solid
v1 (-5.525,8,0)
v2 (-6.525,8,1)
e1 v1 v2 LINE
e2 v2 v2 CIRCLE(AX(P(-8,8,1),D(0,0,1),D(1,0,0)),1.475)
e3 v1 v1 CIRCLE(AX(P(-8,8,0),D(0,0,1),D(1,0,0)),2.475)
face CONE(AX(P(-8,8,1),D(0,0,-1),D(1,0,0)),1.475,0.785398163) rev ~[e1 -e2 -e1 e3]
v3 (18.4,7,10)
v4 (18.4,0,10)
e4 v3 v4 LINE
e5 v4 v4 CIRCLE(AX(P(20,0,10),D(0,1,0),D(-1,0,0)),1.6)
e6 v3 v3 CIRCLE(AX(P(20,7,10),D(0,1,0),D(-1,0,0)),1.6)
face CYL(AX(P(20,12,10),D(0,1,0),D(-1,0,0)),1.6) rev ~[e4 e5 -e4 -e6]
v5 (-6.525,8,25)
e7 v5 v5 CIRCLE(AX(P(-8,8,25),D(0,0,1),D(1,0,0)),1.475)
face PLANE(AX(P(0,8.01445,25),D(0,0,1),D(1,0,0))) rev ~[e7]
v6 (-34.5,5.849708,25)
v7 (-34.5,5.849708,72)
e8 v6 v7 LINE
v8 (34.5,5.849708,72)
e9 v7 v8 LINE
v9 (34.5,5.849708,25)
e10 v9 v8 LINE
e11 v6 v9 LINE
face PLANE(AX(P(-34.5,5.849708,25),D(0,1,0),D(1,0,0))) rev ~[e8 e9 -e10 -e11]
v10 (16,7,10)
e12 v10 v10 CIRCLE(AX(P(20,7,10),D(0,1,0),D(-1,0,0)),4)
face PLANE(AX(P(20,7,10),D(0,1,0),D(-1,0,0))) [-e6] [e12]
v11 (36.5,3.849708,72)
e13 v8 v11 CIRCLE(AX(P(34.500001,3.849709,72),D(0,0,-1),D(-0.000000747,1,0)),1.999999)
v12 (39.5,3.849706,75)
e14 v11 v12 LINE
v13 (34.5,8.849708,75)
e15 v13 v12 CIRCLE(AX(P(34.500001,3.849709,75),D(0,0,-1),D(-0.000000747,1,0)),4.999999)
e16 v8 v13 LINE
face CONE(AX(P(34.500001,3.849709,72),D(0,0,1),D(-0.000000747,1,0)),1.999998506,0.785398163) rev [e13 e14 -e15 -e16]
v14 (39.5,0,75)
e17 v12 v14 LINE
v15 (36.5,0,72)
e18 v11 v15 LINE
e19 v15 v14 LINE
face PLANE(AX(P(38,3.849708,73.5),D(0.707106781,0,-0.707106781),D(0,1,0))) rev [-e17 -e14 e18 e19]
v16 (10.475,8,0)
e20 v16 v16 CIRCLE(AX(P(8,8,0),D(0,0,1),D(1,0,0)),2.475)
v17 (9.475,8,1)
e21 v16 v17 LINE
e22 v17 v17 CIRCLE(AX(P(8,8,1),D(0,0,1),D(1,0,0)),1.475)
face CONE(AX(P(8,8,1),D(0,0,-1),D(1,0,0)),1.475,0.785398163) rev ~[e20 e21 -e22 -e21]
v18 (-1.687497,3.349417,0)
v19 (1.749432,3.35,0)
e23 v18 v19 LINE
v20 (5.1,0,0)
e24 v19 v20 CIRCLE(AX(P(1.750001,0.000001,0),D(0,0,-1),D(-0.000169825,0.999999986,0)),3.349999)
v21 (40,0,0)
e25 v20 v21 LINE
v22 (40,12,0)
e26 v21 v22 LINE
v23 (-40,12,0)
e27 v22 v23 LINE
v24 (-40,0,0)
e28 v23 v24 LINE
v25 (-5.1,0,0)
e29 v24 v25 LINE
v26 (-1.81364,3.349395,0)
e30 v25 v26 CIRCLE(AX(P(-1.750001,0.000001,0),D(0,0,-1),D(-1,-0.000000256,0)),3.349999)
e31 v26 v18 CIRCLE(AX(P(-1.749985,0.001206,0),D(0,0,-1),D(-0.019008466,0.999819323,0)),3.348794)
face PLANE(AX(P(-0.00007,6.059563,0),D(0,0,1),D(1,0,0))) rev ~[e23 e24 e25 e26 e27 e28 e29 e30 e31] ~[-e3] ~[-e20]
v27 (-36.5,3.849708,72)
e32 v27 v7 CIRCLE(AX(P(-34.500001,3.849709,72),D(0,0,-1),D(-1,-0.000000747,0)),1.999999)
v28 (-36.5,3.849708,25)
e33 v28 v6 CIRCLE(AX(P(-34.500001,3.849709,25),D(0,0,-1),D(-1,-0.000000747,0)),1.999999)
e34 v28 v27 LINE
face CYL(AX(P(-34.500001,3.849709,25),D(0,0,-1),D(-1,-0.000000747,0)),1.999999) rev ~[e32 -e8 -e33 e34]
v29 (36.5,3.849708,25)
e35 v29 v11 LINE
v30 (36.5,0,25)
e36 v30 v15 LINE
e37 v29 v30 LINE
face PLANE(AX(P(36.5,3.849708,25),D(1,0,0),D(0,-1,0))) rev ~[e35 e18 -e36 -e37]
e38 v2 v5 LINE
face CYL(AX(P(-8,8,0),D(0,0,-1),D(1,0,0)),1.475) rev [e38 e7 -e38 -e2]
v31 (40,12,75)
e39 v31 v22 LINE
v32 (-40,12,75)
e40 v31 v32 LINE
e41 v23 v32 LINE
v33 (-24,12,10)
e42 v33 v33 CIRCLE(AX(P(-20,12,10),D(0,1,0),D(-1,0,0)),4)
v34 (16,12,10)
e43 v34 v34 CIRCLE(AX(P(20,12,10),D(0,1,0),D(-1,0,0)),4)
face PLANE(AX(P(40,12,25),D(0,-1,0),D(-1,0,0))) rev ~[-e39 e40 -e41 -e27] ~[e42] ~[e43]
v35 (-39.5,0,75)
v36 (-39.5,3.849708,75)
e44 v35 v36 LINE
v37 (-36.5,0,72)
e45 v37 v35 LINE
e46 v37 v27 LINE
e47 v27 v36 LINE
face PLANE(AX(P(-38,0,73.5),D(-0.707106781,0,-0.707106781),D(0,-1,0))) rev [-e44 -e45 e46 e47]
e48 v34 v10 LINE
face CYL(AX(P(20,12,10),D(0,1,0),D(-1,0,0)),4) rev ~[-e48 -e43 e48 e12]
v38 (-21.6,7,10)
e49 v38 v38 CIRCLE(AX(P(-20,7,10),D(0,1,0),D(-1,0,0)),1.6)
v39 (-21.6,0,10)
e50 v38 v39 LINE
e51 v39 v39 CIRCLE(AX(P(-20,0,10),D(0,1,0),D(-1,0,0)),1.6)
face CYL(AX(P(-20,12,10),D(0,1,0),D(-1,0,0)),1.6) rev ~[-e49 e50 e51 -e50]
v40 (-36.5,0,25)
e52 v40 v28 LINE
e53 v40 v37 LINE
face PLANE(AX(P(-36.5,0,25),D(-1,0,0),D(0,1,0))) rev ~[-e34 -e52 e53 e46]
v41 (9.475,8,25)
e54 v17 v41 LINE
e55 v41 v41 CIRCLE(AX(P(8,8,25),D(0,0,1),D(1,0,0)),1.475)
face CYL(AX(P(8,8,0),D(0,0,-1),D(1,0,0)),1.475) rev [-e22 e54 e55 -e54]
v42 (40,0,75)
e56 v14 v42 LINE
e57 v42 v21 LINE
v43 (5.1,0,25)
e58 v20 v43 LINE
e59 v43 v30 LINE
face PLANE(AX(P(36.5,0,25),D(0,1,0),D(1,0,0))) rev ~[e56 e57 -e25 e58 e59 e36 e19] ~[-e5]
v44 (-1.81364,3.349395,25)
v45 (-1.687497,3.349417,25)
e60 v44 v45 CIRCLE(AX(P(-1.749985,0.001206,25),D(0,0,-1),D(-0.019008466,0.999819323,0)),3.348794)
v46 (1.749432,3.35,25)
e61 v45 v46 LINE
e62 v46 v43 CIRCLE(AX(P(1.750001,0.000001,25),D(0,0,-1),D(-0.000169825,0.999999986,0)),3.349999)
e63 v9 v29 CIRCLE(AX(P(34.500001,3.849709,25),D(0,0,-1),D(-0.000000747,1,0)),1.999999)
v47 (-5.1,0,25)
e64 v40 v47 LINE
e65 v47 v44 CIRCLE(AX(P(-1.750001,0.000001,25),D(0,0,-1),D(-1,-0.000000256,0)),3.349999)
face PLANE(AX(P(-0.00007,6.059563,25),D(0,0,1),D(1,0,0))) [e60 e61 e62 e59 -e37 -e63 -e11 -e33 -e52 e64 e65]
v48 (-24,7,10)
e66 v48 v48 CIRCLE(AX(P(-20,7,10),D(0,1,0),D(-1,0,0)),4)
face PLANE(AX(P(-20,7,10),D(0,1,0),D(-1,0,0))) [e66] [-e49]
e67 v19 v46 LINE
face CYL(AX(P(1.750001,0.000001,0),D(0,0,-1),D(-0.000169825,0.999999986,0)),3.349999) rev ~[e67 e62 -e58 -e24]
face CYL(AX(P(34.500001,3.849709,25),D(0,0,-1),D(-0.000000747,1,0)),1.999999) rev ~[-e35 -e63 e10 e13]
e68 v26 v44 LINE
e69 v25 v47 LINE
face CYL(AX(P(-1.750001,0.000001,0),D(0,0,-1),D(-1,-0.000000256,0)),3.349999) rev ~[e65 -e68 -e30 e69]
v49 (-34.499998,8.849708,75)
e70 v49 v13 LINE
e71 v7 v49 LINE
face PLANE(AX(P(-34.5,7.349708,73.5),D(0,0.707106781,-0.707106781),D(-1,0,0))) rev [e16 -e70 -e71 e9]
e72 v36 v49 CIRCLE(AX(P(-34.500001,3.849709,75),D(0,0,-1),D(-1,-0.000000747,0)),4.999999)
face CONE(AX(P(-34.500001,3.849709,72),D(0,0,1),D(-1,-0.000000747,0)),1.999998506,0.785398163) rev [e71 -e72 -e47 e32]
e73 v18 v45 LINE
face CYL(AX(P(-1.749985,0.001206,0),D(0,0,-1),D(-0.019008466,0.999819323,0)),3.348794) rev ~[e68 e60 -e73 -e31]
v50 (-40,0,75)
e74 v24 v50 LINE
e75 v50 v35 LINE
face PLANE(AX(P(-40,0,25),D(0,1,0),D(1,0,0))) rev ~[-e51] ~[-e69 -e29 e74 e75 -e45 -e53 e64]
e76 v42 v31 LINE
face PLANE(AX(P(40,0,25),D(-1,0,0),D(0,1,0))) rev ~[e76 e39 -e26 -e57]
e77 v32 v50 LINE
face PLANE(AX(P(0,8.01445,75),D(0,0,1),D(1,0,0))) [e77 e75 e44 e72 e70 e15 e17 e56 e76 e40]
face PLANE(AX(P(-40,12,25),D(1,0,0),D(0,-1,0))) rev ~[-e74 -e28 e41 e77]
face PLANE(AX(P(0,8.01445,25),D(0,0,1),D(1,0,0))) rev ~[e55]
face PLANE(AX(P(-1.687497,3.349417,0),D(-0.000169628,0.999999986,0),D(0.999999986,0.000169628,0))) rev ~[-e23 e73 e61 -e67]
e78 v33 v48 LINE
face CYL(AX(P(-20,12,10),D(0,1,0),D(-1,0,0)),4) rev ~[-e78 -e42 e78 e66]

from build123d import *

# Parameters (mm, degrees)
F0_R     = 1.475
F1_DEPTH = 25
F2_R     = 1.6
F3_DEPTH = 30
F2_R_2   = 4
F4_DEPTH = 5
F5_R     = 1.475
F6_DEPTH = 50
F7_SIZE  = 3
F8_DEPTH = 20
F9_SIZE  = 1


with BuildPart() as f1:
    # F0 (on Top) → F1 (new body)
    with BuildSketch(Plane.XY):
        with BuildLine():
            ThreePointArc((-5.1, 0), (-4.141202, 2.3462), (-1.81364, 3.349395))
            ThreePointArc((-1.81364, 3.349395), (-1.750568, 3.35), (-1.687497, 3.349417))
            Line((-1.687497, 3.349417), (1.749432, 3.35))
            ThreePointArc((1.749432, 3.35), (4.118607, 2.369009), (5.1, 0))
            Line((5.1, 0), (40, 0))
            Line((40, 0), (40, 12))
            Line((40, 12), (-40, 12))
            Line((-40, 12), (-40, 0))
            Line((-40, 0), (-5.1, 0))
        make_face()
        with Locations((-8, 8)):
            Circle(F0_R, mode=Mode.SUBTRACT)
        with Locations((8, 8)):
            Circle(F0_R, mode=Mode.SUBTRACT)
    extrude(amount=F1_DEPTH)

    # F2 (on face) → F3 (cut)
    with BuildSketch(Plane(origin=(0, 12, 0), x_dir=(-1, 0, 0), z_dir=(0, 1, 0))):
        with Locations((-20, 10)):
            Circle(F2_R)
        with Locations((20, 10)):
            Circle(F2_R)
    extrude(amount=-F3_DEPTH, mode=Mode.SUBTRACT)

    # F2 (on face) → F4 (cut)
    with BuildSketch(Plane(origin=(0, 12, 0), x_dir=(-1, 0, 0), z_dir=(0, 1, 0))):
        with Locations((-20, 10)):
            Circle(F2_R_2)
        with Locations((-20, 10)):
            Circle(F2_R, mode=Mode.SUBTRACT)
        with Locations((20, 10)):
            Circle(F2_R_2)
        with Locations((20, 10)):
            Circle(F2_R, mode=Mode.SUBTRACT)
    extrude(amount=-F4_DEPTH, mode=Mode.SUBTRACT)

    # F5 (on face) → F6 (join)
    with BuildSketch(Plane.XY.offset(25)):
        with BuildLine():
            Line((40, 12), (-40, 12))
            Line((-40, 12), (-40, 0))
            Line((-40, 0), (-36.5, 0))
            Line((-36.5, 0), (-36.5, 3.849708))
            ThreePointArc((-36.5, 3.849708), (-35.914214, 5.263922), (-34.5, 5.849708))
            Line((-34.5, 5.849708), (34.5, 5.849708))
            ThreePointArc((34.5, 5.849708), (35.914214, 5.263922), (36.5, 3.849708))
            Line((36.5, 3.849708), (36.5, 0))
            Line((36.5, 0), (40, 0))
            Line((40, 0), (40, 12))
        make_face()
        with Locations((-8, 8)):
            Circle(F5_R, mode=Mode.SUBTRACT)
        with Locations((8, 8)):
            Circle(F5_R, mode=Mode.SUBTRACT)
        with Locations((-8, 8)):
            Circle(F5_R)
        with Locations((8, 8)):
            Circle(F5_R)
    extrude(amount=F6_DEPTH)

    # F7
    f7_edges = [f1.edges().sort_by_distance(p)[0] for p in [
        (0, 5.849708, 75),
    ]]
    chamfer(f7_edges, length=F7_SIZE)

    # F0 (on Top) → F8 (cut)
    with BuildSketch(Plane.XY):
        with Locations((-8, 8)):
            Circle(F0_R)
        with Locations((8, 8)):
            Circle(F0_R)
    extrude(amount=F8_DEPTH, mode=Mode.SUBTRACT)

    # F9
    f9_edges = [f1.edges().sort_by_distance(p)[0] for p in [
        (-9.475, 8, 0),
        (6.525, 8, 0),
    ]]
    chamfer(f9_edges, length=F9_SIZE)


solid = f1.part
